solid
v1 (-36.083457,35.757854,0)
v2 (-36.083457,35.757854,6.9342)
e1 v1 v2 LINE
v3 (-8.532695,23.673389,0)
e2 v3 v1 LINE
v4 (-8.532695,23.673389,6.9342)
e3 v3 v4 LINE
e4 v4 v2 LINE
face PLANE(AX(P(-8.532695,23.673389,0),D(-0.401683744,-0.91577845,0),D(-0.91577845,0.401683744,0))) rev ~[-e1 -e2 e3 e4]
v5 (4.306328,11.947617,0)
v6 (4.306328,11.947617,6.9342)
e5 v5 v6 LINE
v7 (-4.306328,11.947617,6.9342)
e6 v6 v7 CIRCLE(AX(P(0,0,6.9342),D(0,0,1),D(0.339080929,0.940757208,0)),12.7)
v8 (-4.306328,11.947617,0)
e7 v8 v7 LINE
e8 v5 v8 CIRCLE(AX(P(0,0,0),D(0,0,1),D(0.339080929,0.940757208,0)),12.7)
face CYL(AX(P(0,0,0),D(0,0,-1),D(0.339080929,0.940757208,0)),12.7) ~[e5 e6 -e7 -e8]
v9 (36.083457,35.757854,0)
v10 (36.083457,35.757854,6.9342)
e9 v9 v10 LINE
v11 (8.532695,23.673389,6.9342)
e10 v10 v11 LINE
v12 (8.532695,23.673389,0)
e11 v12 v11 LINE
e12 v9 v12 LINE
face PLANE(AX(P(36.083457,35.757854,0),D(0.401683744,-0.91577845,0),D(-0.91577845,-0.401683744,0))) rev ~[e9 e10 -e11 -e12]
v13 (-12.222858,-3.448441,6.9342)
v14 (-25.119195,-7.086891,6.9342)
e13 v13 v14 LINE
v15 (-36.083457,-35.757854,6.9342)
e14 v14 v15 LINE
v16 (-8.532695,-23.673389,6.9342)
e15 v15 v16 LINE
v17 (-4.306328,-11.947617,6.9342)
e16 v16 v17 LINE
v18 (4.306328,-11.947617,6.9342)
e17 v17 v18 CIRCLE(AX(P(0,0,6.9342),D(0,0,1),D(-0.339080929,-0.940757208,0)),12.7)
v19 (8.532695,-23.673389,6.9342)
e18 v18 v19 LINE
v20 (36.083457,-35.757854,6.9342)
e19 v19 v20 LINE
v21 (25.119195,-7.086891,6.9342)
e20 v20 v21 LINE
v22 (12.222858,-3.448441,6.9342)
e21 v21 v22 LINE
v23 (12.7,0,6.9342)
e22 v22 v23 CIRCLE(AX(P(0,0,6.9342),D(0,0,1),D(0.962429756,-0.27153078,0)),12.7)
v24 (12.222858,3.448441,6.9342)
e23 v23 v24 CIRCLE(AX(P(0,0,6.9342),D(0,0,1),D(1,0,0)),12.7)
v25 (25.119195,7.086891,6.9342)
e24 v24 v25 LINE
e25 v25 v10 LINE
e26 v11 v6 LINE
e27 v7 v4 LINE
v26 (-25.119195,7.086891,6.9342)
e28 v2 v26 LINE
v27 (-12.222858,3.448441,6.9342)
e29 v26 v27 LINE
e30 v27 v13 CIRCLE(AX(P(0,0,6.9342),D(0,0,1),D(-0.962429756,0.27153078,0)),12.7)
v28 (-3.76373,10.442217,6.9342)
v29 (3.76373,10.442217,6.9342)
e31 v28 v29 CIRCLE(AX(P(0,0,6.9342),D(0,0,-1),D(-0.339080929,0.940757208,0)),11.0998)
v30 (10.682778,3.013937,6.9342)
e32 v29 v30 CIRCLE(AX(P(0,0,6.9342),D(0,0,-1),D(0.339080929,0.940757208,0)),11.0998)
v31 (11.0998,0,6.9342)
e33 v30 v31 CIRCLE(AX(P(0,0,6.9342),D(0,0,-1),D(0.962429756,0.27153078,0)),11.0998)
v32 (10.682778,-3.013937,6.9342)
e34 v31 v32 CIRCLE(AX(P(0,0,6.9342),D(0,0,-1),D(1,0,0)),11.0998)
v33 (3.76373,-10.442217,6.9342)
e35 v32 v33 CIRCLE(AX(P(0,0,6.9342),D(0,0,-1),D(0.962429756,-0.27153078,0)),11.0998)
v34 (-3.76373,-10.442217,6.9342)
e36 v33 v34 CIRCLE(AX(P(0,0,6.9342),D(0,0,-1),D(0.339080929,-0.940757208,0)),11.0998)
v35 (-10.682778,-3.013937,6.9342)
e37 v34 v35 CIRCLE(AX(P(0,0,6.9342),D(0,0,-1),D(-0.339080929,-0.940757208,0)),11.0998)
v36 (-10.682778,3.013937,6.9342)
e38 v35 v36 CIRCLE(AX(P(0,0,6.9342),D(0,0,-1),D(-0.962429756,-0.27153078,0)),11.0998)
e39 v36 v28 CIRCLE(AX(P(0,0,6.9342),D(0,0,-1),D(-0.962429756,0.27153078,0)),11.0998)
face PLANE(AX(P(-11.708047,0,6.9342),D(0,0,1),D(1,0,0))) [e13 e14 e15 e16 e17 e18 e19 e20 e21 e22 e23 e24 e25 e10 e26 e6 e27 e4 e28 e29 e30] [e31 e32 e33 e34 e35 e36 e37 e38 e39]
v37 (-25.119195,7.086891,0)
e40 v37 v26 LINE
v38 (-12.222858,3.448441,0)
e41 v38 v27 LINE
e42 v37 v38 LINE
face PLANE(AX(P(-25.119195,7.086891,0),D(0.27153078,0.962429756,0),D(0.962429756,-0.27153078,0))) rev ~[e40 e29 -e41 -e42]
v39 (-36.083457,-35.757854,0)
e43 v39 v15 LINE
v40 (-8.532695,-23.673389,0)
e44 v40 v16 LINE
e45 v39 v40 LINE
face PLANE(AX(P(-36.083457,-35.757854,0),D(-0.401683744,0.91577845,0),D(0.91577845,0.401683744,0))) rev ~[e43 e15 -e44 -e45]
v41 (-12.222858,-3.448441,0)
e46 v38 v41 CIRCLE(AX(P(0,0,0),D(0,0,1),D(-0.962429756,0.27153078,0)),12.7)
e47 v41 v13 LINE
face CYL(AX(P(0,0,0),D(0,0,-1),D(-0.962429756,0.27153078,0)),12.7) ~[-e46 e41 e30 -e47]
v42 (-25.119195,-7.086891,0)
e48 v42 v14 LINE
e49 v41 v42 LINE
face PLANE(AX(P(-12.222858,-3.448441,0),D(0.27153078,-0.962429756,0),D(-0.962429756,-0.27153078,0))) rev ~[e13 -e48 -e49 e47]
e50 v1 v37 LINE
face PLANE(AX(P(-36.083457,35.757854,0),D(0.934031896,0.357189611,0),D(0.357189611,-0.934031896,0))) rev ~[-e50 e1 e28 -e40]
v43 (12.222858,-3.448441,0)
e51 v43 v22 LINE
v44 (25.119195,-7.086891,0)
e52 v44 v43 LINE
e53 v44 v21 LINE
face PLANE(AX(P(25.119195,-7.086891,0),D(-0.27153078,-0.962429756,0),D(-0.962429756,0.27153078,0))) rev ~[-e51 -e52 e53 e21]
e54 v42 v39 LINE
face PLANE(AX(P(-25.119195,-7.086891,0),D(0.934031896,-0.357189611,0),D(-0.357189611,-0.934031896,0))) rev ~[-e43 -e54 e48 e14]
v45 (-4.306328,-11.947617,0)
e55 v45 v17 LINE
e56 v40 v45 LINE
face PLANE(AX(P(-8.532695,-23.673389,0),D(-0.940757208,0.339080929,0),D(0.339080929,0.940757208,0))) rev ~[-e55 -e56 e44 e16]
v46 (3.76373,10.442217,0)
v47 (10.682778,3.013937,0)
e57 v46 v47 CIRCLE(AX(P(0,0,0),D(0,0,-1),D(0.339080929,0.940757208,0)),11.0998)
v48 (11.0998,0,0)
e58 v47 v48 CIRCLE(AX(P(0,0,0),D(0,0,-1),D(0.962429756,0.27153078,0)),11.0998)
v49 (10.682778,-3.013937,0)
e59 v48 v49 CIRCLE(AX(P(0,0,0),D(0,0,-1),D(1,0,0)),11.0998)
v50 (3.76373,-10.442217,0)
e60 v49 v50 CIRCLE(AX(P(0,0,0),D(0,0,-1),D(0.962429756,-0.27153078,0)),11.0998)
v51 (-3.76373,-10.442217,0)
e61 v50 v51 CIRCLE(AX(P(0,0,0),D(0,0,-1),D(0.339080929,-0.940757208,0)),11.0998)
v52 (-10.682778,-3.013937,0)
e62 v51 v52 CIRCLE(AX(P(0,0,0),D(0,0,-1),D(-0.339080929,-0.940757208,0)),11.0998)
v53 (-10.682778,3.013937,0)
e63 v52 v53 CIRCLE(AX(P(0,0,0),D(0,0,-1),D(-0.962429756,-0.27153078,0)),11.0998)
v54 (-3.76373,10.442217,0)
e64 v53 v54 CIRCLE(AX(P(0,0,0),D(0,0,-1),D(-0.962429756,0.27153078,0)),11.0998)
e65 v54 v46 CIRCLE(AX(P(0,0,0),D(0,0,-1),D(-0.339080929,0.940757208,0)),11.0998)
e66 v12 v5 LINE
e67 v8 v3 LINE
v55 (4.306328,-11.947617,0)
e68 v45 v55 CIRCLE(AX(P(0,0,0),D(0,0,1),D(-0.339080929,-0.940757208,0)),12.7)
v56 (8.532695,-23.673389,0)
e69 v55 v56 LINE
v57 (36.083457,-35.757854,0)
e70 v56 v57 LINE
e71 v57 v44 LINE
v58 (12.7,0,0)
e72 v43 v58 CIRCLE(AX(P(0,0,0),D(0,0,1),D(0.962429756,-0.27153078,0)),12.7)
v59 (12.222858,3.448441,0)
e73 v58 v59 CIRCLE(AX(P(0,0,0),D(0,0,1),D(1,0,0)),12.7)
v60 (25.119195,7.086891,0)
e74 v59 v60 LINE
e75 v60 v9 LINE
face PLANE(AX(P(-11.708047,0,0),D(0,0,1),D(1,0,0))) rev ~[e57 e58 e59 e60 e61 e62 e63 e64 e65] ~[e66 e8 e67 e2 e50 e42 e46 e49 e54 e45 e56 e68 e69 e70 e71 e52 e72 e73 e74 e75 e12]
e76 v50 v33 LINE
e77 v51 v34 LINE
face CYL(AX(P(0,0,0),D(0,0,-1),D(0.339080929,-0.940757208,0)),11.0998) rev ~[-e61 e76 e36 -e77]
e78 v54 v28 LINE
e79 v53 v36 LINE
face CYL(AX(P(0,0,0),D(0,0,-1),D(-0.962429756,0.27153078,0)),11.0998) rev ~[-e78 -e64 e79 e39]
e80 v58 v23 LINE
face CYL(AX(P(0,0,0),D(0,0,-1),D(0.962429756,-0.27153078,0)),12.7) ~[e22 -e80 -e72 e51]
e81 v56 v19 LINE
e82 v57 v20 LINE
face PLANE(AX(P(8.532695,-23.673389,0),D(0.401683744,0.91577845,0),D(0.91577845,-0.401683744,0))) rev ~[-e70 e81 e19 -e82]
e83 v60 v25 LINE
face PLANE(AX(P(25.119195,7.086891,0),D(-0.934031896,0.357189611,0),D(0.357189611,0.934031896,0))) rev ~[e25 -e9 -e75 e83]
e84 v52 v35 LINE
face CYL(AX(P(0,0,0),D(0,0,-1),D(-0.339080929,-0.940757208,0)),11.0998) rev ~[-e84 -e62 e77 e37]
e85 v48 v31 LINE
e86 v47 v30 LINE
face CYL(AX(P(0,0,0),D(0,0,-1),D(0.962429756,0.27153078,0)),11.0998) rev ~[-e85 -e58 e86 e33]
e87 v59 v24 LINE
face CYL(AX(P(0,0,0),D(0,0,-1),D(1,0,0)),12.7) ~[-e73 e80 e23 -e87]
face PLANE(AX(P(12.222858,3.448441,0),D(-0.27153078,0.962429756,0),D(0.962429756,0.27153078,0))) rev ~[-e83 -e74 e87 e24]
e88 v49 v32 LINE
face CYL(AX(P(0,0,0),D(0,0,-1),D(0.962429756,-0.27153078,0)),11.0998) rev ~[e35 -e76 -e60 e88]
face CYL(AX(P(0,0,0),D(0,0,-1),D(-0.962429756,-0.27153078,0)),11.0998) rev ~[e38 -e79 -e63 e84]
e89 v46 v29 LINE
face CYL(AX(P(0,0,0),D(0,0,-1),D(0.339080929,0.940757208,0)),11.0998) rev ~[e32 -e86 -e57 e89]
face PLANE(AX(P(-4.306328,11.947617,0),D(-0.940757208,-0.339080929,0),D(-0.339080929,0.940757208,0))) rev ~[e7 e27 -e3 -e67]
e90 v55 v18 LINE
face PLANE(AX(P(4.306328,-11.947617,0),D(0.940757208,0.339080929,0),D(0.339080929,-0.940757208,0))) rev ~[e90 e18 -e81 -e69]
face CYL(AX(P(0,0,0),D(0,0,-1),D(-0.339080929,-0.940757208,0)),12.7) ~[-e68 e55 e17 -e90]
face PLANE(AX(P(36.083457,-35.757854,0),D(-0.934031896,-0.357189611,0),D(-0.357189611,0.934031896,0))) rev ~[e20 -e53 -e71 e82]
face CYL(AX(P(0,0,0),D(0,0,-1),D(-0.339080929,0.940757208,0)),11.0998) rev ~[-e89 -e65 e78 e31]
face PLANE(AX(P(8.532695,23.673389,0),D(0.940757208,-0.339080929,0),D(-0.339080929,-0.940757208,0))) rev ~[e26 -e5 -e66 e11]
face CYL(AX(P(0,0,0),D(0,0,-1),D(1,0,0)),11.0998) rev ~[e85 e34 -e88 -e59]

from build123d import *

# Parameters (mm, degrees)
F1_DEPTH = 6.9342


with BuildPart() as f1:
    # F0 (on Top) → F1 (new body)
    with BuildSketch(Plane.XY):
        with BuildLine():
            ThreePointArc((-10.6827778085, -3.0139373476), (-11.0998, 0), (-10.6827778085, 3.0139373476))
            Line((-10.6827778085, 3.0139373476), (-12.2228579044, 3.4484409011))
            ThreePointArc((-12.2228579044, 3.4484409011), (-12.7, 0), (-12.2228579044, -3.4484409011))
            Line((-12.2228579044, -3.4484409011), (-10.6827778085, -3.0139373476))
        make_face()
        with BuildLine():
            Line((-12.2228579044, 3.4484409011), (-10.6827778085, 3.0139373476))
            ThreePointArc((-10.6827778085, 3.0139373476), (-8.1222062664, 7.5654031886), (-3.7637304934, 10.4422168534))
            Line((-3.7637304934, 10.4422168534), (-4.3063277957, 11.947616537))
            ThreePointArc((-4.3063277957, 11.947616537), (-6.9801642696, 10.6097741149), (-9.2671370147, 8.6839030137))
            ThreePointArc((-9.2671370147, 8.6839030137), (-11.0592715081, 6.2435978179), (-12.2228579044, 3.4484409011))
        make_face()
        with BuildLine():
            Line((-25.1191947609, 7.0868907496), (-12.2228579044, 3.4484409011))
            ThreePointArc((-12.2228579044, 3.4484409011), (-11.0592715081, 6.2435978179), (-9.2671370147, 8.6839030137))
            Line((-9.2671370147, 8.6839030137), (-36.0834566917, 35.7578544264))
            Line((-36.0834566917, 35.7578544264), (-25.1191947609, 7.0868907496))
        make_face()
        with BuildLine():
            Line((-4.3063277957, 11.947616537), (-3.7637304934, 10.4422168534))
            ThreePointArc((-3.7637304934, 10.4422168534), (0, 11.0998), (3.7637304934, 10.4422168534))
            Line((3.7637304934, 10.4422168534), (4.3063277957, 11.947616537))
            ThreePointArc((4.3063277957, 11.947616537), (0, 12.7), (-4.3063277957, 11.947616537))
        make_face()
        with BuildLine():
            ThreePointArc((-3.7637304934, -10.4422168534), (-8.1222062664, -7.5654031886), (-10.6827778085, -3.0139373476))
            Line((-10.6827778085, -3.0139373476), (-12.2228579044, -3.4484409011))
            ThreePointArc((-12.2228579044, -3.4484409011), (-9.2931421812, -8.6560677216), (-4.3063277957, -11.947616537))
            Line((-4.3063277957, -11.947616537), (-3.7637304934, -10.4422168534))
        make_face()
        with BuildLine():
            Line((-36.0834566917, 35.7578544264), (-9.2671370147, 8.6839030137))
            ThreePointArc((-9.2671370147, 8.6839030137), (-6.9801642696, 10.6097741149), (-4.3063277957, 11.947616537))
            Line((-4.3063277957, 11.947616537), (-8.5326954722, 23.673389107))
            Line((-8.5326954722, 23.673389107), (-36.0834566917, 35.7578544264))
        make_face()
        with BuildLine():
            ThreePointArc((-4.3063277957, -11.947616537), (-9.2931421812, -8.6560677216), (-12.2228579044, -3.4484409011))
            Line((-12.2228579044, -3.4484409011), (-25.1191947609, -7.0868907496))
            Line((-25.1191947609, -7.0868907496), (-36.0834566917, -35.7578544264))
            Line((-36.0834566917, -35.7578544264), (-8.5326954722, -23.673389107))
            Line((-8.5326954722, -23.673389107), (-4.3063277957, -11.947616537))
        make_face()
        with BuildLine():
            Line((4.3063277957, 11.947616537), (3.7637304934, 10.4422168534))
            ThreePointArc((3.7637304934, 10.4422168534), (8.1222062664, 7.5654031886), (10.6827778085, 3.0139373476))
            Line((10.6827778085, 3.0139373476), (12.2228579044, 3.4484409011))
            ThreePointArc((12.2228579044, 3.4484409011), (9.2931421812, 8.6560677216), (4.3063277957, 11.947616537))
        make_face()
        with BuildLine():
            ThreePointArc((3.7637304934, -10.4422168534), (0, -11.0998), (-3.7637304934, -10.4422168534))
            Line((-3.7637304934, -10.4422168534), (-4.3063277957, -11.947616537))
            ThreePointArc((-4.3063277957, -11.947616537), (0, -12.7), (4.3063277957, -11.947616537))
            Line((4.3063277957, -11.947616537), (3.7637304934, -10.4422168534))
        make_face()
        with BuildLine():
            Line((8.5326954722, 23.673389107), (4.3063277957, 11.947616537))
            ThreePointArc((4.3063277957, 11.947616537), (9.2931421812, 8.6560677216), (12.2228579044, 3.4484409011))
            Line((12.2228579044, 3.4484409011), (25.1191947609, 7.0868907496))
            Line((25.1191947609, 7.0868907496), (36.0834566917, 35.7578544264))
            Line((36.0834566917, 35.7578544264), (8.5326954722, 23.673389107))
        make_face()
        with BuildLine():
            Line((12.2228579044, 3.4484409011), (10.6827778085, 3.0139373476))
            ThreePointArc((10.6827778085, 3.0139373476), (10.9950501854, 1.5213255604), (11.0998, 0))
            ThreePointArc((11.0998, 0), (10.9950501854, -1.5213255604), (10.6827778085, -3.0139373476))
            Line((10.6827778085, -3.0139373476), (12.2228579044, -3.4484409011))
            ThreePointArc((12.2228579044, -3.4484409011), (12.5801489535, -1.7406470943), (12.7, 0))
            ThreePointArc((12.7, 0), (12.5801489535, 1.7406470943), (12.2228579044, 3.4484409011))
        make_face()
        with BuildLine():
            ThreePointArc((10.6827778085, -3.0139373476), (8.1222062664, -7.5654031886), (3.7637304934, -10.4422168534))
            Line((3.7637304934, -10.4422168534), (4.3063277957, -11.947616537))
            ThreePointArc((4.3063277957, -11.947616537), (9.2931421812, -8.6560677216), (12.2228579044, -3.4484409011))
            Line((12.2228579044, -3.4484409011), (10.6827778085, -3.0139373476))
        make_face()
        with BuildLine():
            ThreePointArc((12.2228579044, -3.4484409011), (9.2931421812, -8.6560677216), (4.3063277957, -11.947616537))
            Line((4.3063277957, -11.947616537), (8.5326954722, -23.673389107))
            Line((8.5326954722, -23.673389107), (36.0834566917, -35.7578544264))
            Line((36.0834566917, -35.7578544264), (25.1191947609, -7.0868907496))
            Line((25.1191947609, -7.0868907496), (12.2228579044, -3.4484409011))
        make_face()
    extrude(amount=F1_DEPTH)


solid = f1.part
